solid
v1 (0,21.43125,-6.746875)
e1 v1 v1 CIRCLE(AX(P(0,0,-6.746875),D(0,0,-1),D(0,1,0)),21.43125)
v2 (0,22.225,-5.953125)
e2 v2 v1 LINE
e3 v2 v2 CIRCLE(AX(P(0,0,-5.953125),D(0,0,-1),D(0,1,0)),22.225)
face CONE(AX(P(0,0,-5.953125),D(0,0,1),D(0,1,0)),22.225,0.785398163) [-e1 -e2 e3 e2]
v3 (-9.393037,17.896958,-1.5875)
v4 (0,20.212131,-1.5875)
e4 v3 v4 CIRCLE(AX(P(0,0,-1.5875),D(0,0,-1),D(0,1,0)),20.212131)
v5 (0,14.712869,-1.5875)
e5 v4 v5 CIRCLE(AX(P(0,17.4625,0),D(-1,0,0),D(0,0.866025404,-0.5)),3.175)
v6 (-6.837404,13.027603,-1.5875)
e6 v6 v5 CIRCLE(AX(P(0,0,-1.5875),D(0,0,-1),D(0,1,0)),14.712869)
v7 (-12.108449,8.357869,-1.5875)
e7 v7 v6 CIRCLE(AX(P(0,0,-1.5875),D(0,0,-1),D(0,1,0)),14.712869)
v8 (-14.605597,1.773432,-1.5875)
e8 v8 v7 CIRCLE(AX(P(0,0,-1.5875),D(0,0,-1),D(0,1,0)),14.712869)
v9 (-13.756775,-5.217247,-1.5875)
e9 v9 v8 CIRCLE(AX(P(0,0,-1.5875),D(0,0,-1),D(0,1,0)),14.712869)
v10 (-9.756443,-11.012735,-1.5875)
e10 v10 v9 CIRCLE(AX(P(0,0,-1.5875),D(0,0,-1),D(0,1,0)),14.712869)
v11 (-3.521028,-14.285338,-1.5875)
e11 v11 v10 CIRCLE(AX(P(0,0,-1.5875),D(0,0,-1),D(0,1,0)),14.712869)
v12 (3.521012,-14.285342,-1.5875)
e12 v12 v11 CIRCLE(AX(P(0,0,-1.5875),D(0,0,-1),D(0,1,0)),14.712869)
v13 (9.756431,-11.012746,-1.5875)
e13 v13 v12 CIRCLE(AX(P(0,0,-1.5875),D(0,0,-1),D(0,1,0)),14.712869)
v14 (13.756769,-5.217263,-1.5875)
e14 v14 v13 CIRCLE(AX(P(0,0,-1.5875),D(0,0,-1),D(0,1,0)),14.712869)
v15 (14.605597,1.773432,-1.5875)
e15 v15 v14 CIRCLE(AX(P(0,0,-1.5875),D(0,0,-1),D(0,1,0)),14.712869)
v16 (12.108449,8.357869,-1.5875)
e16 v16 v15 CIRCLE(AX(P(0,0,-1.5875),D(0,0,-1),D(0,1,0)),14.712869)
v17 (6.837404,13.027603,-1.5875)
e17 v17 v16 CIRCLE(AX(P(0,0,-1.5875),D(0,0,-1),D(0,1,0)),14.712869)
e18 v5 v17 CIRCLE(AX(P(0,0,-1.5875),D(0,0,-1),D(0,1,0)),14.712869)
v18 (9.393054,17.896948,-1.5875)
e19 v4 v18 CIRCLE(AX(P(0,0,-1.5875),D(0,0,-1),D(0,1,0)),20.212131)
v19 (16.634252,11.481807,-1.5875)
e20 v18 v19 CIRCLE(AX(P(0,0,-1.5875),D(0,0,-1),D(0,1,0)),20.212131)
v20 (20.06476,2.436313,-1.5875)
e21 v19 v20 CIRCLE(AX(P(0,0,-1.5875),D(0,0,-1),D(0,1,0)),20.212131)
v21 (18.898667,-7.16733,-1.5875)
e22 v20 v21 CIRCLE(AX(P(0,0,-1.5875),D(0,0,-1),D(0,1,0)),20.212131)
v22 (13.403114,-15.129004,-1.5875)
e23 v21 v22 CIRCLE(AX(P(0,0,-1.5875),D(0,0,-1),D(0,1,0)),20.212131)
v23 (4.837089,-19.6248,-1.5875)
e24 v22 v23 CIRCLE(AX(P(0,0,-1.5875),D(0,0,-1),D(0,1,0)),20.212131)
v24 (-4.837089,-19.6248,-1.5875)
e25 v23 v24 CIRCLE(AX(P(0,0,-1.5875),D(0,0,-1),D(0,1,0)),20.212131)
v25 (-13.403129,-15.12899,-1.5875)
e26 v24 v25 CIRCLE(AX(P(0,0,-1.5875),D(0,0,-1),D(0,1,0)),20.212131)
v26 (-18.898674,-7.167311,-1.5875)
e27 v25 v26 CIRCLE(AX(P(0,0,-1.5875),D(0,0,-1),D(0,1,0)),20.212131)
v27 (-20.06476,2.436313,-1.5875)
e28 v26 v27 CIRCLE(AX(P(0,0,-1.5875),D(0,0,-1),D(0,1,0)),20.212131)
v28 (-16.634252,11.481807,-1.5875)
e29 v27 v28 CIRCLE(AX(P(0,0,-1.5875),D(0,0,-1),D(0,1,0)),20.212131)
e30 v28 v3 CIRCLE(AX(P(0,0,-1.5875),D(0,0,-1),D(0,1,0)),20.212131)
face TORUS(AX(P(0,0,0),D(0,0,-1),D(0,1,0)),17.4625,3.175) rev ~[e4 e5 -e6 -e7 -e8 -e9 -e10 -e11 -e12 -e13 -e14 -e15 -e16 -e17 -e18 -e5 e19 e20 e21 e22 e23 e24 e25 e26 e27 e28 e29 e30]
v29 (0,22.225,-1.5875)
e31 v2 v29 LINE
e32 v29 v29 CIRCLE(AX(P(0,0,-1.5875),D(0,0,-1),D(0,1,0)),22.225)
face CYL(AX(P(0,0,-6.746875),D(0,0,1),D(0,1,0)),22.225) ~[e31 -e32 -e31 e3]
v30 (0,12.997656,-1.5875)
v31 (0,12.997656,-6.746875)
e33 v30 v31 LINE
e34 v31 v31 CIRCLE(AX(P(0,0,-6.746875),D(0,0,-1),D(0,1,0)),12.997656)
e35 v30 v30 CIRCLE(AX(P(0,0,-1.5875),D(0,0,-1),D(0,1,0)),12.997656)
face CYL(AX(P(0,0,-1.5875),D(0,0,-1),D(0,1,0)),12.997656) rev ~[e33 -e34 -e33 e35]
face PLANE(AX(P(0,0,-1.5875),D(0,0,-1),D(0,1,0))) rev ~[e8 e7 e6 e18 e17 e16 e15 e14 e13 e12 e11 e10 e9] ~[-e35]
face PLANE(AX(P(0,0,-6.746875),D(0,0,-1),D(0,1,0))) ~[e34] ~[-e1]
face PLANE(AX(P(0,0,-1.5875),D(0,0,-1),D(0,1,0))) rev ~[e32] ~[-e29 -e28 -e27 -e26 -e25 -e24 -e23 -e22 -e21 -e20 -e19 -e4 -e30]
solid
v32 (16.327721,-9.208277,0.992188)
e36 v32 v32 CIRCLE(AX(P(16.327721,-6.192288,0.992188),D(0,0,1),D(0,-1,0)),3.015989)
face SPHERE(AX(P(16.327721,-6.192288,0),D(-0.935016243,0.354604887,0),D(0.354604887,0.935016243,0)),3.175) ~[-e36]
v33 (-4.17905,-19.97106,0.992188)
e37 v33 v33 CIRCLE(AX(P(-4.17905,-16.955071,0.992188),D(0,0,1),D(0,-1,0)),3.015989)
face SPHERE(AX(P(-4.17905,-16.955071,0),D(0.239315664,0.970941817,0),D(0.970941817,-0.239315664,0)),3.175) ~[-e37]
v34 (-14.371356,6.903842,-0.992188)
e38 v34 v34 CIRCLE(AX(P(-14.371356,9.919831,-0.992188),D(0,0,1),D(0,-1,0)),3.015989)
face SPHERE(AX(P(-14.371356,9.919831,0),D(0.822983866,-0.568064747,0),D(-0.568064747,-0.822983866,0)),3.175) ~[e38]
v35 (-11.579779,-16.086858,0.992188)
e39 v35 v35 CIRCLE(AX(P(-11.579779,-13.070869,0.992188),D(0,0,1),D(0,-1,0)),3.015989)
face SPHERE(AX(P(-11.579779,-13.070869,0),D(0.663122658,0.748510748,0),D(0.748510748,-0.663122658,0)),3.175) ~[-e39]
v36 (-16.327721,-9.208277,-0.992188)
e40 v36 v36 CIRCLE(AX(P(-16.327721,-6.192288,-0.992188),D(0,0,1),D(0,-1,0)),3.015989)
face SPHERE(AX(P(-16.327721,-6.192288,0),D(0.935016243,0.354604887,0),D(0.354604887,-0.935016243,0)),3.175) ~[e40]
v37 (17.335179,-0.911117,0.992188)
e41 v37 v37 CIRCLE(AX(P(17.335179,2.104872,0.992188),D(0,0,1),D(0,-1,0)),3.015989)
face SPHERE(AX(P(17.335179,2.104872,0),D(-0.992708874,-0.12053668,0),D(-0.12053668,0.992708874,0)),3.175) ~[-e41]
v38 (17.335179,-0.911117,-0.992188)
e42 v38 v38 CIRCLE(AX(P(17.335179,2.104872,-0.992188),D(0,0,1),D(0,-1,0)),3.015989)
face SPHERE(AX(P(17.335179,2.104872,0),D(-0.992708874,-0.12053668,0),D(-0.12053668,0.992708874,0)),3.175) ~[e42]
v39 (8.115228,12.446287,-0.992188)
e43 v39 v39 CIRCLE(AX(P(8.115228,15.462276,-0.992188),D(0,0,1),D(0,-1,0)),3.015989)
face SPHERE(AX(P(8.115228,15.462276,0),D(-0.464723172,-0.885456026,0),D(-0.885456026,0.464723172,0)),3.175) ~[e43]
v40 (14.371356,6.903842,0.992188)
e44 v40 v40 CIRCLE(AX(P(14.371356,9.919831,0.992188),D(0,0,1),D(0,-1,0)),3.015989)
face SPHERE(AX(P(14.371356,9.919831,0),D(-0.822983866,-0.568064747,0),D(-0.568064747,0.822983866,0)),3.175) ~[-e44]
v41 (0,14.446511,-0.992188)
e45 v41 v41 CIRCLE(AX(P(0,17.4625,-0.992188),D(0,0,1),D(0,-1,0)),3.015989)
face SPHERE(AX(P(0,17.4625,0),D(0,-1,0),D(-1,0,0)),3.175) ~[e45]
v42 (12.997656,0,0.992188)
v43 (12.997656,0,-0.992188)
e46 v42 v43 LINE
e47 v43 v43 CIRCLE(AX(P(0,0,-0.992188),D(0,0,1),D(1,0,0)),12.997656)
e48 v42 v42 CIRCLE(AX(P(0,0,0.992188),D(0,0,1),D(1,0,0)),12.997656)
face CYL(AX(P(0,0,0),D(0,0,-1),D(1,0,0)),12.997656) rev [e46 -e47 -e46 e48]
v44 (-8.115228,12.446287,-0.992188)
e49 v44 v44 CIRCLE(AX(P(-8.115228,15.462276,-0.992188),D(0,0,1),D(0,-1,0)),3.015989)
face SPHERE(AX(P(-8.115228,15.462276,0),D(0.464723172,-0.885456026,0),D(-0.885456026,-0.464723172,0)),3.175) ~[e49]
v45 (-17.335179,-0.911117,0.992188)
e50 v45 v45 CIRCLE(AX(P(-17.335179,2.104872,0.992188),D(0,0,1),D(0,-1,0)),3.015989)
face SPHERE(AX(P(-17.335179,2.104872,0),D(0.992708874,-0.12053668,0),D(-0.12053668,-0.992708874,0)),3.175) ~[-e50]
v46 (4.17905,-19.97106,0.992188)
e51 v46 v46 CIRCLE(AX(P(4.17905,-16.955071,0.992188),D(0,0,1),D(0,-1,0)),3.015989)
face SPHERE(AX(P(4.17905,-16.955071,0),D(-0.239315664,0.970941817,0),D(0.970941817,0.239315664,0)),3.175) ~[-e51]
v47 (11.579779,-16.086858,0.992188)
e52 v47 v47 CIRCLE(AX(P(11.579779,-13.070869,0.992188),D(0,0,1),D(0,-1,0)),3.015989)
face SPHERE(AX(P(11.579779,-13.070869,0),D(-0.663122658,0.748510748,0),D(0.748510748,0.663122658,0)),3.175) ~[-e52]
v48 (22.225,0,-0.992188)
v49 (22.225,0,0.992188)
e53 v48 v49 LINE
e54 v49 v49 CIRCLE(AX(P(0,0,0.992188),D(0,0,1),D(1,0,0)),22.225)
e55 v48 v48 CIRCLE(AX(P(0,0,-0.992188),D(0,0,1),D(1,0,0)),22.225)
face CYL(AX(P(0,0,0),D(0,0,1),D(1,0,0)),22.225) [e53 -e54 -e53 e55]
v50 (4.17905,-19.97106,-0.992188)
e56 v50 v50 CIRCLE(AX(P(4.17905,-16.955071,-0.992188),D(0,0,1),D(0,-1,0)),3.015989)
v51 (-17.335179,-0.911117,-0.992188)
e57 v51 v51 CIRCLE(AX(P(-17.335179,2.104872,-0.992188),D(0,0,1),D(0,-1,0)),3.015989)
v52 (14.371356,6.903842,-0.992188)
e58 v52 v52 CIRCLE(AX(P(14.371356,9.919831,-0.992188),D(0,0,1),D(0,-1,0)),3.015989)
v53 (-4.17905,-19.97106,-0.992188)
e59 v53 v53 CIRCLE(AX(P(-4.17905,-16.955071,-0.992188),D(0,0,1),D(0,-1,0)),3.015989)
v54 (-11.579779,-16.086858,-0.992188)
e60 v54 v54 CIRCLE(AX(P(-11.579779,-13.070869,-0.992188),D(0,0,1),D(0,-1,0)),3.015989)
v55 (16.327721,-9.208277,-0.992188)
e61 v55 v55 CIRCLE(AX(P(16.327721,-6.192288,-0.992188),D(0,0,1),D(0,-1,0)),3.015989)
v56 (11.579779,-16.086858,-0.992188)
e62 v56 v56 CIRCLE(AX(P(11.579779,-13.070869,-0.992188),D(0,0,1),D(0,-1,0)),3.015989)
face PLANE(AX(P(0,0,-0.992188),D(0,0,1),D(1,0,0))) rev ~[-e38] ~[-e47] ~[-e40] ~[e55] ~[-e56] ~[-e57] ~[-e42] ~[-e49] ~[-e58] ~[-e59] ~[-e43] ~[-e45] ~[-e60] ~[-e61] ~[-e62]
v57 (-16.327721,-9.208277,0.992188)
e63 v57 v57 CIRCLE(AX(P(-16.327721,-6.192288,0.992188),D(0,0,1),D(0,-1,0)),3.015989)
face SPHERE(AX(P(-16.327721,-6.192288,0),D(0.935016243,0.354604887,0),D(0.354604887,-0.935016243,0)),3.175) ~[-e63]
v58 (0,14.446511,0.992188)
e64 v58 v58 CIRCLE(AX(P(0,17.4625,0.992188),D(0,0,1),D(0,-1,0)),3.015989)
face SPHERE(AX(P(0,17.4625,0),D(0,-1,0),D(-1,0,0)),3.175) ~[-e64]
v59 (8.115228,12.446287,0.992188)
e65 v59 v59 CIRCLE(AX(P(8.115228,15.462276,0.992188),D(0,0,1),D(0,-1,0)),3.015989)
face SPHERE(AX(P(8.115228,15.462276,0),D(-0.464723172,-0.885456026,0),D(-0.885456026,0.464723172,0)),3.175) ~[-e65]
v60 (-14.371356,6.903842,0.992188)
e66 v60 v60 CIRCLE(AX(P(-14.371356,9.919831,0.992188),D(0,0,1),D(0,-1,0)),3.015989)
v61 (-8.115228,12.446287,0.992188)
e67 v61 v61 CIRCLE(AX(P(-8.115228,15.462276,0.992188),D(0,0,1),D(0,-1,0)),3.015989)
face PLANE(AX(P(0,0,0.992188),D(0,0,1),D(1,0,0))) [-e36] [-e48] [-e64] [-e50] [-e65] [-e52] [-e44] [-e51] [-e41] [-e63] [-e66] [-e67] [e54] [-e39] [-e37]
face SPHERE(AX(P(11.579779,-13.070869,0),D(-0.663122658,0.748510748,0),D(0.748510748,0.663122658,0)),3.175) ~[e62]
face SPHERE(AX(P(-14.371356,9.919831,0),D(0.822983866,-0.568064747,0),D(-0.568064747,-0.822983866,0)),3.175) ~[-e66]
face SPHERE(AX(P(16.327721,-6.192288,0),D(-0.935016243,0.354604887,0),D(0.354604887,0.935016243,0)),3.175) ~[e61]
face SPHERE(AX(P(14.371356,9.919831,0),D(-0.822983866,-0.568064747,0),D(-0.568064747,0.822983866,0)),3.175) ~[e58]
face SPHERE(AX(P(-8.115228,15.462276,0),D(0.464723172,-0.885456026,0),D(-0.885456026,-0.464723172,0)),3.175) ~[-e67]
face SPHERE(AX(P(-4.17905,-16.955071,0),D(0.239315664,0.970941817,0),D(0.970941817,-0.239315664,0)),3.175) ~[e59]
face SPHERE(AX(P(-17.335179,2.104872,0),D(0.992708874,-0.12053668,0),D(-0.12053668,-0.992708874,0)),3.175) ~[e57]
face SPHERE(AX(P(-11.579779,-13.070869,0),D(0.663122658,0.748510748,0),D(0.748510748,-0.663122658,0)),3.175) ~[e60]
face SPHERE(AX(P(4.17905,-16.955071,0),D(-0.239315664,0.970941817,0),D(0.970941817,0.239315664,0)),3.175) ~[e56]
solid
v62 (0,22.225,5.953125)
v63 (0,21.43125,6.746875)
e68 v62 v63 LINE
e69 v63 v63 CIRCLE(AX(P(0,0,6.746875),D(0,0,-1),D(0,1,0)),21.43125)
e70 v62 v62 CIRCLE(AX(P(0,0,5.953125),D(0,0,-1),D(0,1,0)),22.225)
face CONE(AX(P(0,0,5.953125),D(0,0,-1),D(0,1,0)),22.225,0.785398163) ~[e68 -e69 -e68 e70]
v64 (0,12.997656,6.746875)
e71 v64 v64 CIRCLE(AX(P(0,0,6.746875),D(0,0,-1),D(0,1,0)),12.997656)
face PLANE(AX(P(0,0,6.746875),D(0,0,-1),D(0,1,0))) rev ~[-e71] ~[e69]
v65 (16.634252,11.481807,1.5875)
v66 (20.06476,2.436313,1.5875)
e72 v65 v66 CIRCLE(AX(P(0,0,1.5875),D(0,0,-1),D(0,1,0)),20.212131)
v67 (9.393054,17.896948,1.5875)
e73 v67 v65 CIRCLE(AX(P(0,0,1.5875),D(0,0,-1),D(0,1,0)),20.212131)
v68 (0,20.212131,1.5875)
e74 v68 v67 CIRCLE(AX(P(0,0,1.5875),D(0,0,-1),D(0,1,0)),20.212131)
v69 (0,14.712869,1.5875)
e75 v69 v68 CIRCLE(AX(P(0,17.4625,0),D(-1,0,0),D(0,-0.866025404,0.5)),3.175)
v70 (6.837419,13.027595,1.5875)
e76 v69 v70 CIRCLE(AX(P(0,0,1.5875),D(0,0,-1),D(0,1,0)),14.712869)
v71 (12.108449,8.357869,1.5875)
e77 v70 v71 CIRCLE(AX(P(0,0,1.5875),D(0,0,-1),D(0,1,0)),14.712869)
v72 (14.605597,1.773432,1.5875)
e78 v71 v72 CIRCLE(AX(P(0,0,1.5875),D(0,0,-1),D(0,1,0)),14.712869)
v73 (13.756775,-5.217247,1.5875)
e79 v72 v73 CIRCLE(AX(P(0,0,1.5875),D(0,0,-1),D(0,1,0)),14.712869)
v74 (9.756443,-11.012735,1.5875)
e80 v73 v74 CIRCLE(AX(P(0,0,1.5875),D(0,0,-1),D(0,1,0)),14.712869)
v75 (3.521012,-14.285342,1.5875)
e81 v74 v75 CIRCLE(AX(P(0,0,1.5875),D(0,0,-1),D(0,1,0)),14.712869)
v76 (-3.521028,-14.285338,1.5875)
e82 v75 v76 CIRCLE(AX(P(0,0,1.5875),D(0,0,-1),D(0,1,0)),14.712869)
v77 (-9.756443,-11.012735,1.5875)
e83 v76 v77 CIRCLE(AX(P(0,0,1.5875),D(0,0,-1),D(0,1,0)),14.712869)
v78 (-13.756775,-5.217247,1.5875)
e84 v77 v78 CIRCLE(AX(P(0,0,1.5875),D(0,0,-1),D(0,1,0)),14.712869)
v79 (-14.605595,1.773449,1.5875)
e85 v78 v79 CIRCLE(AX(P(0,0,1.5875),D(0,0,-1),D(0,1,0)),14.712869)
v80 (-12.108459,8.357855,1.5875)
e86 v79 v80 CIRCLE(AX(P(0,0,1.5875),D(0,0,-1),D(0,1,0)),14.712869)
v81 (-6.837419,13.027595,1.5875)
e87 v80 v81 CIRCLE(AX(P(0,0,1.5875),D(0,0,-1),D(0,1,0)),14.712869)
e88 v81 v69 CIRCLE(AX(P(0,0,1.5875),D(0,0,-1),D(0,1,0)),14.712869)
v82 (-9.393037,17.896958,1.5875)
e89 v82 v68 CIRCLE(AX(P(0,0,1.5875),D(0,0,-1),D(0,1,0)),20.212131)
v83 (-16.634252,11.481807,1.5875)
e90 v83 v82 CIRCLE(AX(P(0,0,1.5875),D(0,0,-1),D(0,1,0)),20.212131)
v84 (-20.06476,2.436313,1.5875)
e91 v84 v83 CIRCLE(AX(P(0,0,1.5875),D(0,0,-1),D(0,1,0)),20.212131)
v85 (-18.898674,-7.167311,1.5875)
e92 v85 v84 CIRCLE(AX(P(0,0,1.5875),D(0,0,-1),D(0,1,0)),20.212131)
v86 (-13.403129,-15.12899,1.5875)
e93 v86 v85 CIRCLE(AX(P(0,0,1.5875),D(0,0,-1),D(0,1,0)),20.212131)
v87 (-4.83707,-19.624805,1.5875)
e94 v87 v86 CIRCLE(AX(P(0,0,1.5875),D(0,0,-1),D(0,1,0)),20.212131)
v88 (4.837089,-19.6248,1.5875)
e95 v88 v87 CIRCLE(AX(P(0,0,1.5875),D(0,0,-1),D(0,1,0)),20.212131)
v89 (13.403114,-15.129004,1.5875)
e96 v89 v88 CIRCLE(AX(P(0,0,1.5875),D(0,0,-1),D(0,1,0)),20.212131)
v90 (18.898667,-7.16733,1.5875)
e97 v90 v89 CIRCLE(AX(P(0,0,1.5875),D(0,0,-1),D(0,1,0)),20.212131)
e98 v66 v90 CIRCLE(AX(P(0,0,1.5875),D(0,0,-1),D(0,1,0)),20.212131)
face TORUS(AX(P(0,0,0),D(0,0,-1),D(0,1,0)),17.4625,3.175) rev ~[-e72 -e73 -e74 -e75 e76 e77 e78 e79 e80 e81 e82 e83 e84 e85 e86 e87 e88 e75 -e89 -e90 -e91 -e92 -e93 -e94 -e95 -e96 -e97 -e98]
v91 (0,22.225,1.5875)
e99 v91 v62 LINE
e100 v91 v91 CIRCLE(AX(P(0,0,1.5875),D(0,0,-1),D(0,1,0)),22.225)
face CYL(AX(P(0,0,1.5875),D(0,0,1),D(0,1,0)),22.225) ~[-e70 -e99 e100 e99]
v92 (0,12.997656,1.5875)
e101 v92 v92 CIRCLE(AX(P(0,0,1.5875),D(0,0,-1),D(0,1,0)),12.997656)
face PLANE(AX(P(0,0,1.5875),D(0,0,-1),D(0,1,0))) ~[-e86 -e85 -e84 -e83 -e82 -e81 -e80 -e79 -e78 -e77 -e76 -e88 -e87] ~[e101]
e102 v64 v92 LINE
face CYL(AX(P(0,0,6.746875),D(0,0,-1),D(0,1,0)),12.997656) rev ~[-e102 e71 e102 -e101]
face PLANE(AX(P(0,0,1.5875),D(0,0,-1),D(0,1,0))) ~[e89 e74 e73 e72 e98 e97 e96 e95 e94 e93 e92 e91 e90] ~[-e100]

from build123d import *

# Parameters (mm, degrees)
F0_R     = 22.225
F0_R_2   = 12.99765625
F2_DEPTH = 0.9921875
F3_COUNT = 13
F7_SIZE  = 0.79375


with BuildPart() as f1:
    # F0 (on Top) → F1 (revolve)
    with BuildSketch(Plane.XY):
        with BuildLine():
            Line((0, 14.2875), (0, 20.6375))
            ThreePointArc((0, 20.6375), (-3.175, 17.4625), (0, 14.2875))
        make_face()
    revolve(axis=Axis((0, 17.0771591365, 0), (0, 1, 0)))


with BuildPart() as f2:
    # F0 (on Top) → F2 (new body, symmetric)
    with BuildSketch(Plane.XY):
        Circle(F0_R)
        with BuildLine():
            ThreePointArc((0, 14.2875), (-3.175, 17.4625), (0, 20.6375))
            Line((0, 20.6375), (0, 14.2875))
        make_face(mode=Mode.SUBTRACT)
        Circle(F0_R_2, mode=Mode.SUBTRACT)
        with BuildLine():
            Line((0, 14.2875), (0, 20.6375))
            ThreePointArc((0, 20.6375), (-3.175, 17.4625), (0, 14.2875))
        make_face()
    extrude(amount=F2_DEPTH, both=True)


with BuildPart() as f3_1:
    # F3: instance of F1
    add(f1.part.rotate(Axis((0, 0, 0), (0, 0, 1)), 1 * 360 / F3_COUNT))


with BuildPart() as f3_2:
    # F3: instance of F1
    add(f1.part.rotate(Axis((0, 0, 0), (0, 0, 1)), 2 * 360 / F3_COUNT))


with BuildPart() as f3_3:
    # F3: instance of F1
    add(f1.part.rotate(Axis((0, 0, 0), (0, 0, 1)), 3 * 360 / F3_COUNT))


with BuildPart() as f3_4:
    # F3: instance of F1
    add(f1.part.rotate(Axis((0, 0, 0), (0, 0, 1)), 4 * 360 / F3_COUNT))


with BuildPart() as f3_5:
    # F3: instance of F1
    add(f1.part.rotate(Axis((0, 0, 0), (0, 0, 1)), 5 * 360 / F3_COUNT))


with BuildPart() as f3_6:
    # F3: instance of F1
    add(f1.part.rotate(Axis((0, 0, 0), (0, 0, 1)), 6 * 360 / F3_COUNT))


with BuildPart() as f3_7:
    # F3: instance of F1
    add(f1.part.rotate(Axis((0, 0, 0), (0, 0, 1)), 7 * 360 / F3_COUNT))


with BuildPart() as f3_8:
    # F3: instance of F1
    add(f1.part.rotate(Axis((0, 0, 0), (0, 0, 1)), 8 * 360 / F3_COUNT))


with BuildPart() as f3_9:
    # F3: instance of F1
    add(f1.part.rotate(Axis((0, 0, 0), (0, 0, 1)), 9 * 360 / F3_COUNT))


with BuildPart() as f3_10:
    # F3: instance of F1
    add(f1.part.rotate(Axis((0, 0, 0), (0, 0, 1)), 10 * 360 / F3_COUNT))


with BuildPart() as f3_11:
    # F3: instance of F1
    add(f1.part.rotate(Axis((0, 0, 0), (0, 0, 1)), 11 * 360 / F3_COUNT))


with BuildPart() as f3_12:
    # F3: instance of F1
    add(f1.part.rotate(Axis((0, 0, 0), (0, 0, 1)), 12 * 360 / F3_COUNT))


with BuildPart() as f3_1_1:
    add(f3_1.part)

    # F4: union F2, F1, F3_3, F3_4, F3_2, F3_5, F3_6, F3_7, F3_8, F3_9, F3_10, F3_11, F3_12
    add(f2.part)
    add(f1.part)
    add(f3_3.part)
    add(f3_4.part)
    add(f3_2.part)
    add(f3_5.part)
    add(f3_6.part)
    add(f3_7.part)
    add(f3_8.part)
    add(f3_9.part)
    add(f3_10.part)
    add(f3_11.part)
    add(f3_12.part)

    # F5 (on Right) → F6 (revolve)
    with BuildSketch(Plane.YZ):
        with BuildLine():
            Line((22.225, -1.5875), (20.212130657, -1.5875))
            ThreePointArc((20.212130657, -1.5875), (17.4625, -3.175), (14.712869343, -1.5875))
            Line((14.712869343, -1.5875), (12.99765625, -1.5875))
            Line((12.99765625, -1.5875), (12.99765625, -6.746875))
            Line((12.99765625, -6.746875), (22.225, -6.746875))
            Line((22.225, -6.746875), (22.225, -1.5875))
        make_face()
        with BuildLine():
            Line((12.99765625, 1.5875), (14.712869343, 1.5875))
            ThreePointArc((14.712869343, 1.5875), (17.4625, 3.175), (20.212130657, 1.5875))
            Line((20.212130657, 1.5875), (22.225, 1.5875))
            Line((22.225, 1.5875), (22.225, 6.746875))
            Line((22.225, 6.746875), (12.99765625, 6.746875))
            Line((12.99765625, 6.746875), (12.99765625, 1.5875))
        make_face()
    revolve(axis=Axis((0, 0, -5.6924847886), (0, 0, -1)))

    # F7
    f7_edges = [f3_1_1.edges().sort_by_distance(p)[0] for p in [
        (0, -22.225, -6.746875),
        (0, -22.225, 6.746875),
    ]]
    chamfer(f7_edges, length=F7_SIZE)


solid = f3_1_1.part
